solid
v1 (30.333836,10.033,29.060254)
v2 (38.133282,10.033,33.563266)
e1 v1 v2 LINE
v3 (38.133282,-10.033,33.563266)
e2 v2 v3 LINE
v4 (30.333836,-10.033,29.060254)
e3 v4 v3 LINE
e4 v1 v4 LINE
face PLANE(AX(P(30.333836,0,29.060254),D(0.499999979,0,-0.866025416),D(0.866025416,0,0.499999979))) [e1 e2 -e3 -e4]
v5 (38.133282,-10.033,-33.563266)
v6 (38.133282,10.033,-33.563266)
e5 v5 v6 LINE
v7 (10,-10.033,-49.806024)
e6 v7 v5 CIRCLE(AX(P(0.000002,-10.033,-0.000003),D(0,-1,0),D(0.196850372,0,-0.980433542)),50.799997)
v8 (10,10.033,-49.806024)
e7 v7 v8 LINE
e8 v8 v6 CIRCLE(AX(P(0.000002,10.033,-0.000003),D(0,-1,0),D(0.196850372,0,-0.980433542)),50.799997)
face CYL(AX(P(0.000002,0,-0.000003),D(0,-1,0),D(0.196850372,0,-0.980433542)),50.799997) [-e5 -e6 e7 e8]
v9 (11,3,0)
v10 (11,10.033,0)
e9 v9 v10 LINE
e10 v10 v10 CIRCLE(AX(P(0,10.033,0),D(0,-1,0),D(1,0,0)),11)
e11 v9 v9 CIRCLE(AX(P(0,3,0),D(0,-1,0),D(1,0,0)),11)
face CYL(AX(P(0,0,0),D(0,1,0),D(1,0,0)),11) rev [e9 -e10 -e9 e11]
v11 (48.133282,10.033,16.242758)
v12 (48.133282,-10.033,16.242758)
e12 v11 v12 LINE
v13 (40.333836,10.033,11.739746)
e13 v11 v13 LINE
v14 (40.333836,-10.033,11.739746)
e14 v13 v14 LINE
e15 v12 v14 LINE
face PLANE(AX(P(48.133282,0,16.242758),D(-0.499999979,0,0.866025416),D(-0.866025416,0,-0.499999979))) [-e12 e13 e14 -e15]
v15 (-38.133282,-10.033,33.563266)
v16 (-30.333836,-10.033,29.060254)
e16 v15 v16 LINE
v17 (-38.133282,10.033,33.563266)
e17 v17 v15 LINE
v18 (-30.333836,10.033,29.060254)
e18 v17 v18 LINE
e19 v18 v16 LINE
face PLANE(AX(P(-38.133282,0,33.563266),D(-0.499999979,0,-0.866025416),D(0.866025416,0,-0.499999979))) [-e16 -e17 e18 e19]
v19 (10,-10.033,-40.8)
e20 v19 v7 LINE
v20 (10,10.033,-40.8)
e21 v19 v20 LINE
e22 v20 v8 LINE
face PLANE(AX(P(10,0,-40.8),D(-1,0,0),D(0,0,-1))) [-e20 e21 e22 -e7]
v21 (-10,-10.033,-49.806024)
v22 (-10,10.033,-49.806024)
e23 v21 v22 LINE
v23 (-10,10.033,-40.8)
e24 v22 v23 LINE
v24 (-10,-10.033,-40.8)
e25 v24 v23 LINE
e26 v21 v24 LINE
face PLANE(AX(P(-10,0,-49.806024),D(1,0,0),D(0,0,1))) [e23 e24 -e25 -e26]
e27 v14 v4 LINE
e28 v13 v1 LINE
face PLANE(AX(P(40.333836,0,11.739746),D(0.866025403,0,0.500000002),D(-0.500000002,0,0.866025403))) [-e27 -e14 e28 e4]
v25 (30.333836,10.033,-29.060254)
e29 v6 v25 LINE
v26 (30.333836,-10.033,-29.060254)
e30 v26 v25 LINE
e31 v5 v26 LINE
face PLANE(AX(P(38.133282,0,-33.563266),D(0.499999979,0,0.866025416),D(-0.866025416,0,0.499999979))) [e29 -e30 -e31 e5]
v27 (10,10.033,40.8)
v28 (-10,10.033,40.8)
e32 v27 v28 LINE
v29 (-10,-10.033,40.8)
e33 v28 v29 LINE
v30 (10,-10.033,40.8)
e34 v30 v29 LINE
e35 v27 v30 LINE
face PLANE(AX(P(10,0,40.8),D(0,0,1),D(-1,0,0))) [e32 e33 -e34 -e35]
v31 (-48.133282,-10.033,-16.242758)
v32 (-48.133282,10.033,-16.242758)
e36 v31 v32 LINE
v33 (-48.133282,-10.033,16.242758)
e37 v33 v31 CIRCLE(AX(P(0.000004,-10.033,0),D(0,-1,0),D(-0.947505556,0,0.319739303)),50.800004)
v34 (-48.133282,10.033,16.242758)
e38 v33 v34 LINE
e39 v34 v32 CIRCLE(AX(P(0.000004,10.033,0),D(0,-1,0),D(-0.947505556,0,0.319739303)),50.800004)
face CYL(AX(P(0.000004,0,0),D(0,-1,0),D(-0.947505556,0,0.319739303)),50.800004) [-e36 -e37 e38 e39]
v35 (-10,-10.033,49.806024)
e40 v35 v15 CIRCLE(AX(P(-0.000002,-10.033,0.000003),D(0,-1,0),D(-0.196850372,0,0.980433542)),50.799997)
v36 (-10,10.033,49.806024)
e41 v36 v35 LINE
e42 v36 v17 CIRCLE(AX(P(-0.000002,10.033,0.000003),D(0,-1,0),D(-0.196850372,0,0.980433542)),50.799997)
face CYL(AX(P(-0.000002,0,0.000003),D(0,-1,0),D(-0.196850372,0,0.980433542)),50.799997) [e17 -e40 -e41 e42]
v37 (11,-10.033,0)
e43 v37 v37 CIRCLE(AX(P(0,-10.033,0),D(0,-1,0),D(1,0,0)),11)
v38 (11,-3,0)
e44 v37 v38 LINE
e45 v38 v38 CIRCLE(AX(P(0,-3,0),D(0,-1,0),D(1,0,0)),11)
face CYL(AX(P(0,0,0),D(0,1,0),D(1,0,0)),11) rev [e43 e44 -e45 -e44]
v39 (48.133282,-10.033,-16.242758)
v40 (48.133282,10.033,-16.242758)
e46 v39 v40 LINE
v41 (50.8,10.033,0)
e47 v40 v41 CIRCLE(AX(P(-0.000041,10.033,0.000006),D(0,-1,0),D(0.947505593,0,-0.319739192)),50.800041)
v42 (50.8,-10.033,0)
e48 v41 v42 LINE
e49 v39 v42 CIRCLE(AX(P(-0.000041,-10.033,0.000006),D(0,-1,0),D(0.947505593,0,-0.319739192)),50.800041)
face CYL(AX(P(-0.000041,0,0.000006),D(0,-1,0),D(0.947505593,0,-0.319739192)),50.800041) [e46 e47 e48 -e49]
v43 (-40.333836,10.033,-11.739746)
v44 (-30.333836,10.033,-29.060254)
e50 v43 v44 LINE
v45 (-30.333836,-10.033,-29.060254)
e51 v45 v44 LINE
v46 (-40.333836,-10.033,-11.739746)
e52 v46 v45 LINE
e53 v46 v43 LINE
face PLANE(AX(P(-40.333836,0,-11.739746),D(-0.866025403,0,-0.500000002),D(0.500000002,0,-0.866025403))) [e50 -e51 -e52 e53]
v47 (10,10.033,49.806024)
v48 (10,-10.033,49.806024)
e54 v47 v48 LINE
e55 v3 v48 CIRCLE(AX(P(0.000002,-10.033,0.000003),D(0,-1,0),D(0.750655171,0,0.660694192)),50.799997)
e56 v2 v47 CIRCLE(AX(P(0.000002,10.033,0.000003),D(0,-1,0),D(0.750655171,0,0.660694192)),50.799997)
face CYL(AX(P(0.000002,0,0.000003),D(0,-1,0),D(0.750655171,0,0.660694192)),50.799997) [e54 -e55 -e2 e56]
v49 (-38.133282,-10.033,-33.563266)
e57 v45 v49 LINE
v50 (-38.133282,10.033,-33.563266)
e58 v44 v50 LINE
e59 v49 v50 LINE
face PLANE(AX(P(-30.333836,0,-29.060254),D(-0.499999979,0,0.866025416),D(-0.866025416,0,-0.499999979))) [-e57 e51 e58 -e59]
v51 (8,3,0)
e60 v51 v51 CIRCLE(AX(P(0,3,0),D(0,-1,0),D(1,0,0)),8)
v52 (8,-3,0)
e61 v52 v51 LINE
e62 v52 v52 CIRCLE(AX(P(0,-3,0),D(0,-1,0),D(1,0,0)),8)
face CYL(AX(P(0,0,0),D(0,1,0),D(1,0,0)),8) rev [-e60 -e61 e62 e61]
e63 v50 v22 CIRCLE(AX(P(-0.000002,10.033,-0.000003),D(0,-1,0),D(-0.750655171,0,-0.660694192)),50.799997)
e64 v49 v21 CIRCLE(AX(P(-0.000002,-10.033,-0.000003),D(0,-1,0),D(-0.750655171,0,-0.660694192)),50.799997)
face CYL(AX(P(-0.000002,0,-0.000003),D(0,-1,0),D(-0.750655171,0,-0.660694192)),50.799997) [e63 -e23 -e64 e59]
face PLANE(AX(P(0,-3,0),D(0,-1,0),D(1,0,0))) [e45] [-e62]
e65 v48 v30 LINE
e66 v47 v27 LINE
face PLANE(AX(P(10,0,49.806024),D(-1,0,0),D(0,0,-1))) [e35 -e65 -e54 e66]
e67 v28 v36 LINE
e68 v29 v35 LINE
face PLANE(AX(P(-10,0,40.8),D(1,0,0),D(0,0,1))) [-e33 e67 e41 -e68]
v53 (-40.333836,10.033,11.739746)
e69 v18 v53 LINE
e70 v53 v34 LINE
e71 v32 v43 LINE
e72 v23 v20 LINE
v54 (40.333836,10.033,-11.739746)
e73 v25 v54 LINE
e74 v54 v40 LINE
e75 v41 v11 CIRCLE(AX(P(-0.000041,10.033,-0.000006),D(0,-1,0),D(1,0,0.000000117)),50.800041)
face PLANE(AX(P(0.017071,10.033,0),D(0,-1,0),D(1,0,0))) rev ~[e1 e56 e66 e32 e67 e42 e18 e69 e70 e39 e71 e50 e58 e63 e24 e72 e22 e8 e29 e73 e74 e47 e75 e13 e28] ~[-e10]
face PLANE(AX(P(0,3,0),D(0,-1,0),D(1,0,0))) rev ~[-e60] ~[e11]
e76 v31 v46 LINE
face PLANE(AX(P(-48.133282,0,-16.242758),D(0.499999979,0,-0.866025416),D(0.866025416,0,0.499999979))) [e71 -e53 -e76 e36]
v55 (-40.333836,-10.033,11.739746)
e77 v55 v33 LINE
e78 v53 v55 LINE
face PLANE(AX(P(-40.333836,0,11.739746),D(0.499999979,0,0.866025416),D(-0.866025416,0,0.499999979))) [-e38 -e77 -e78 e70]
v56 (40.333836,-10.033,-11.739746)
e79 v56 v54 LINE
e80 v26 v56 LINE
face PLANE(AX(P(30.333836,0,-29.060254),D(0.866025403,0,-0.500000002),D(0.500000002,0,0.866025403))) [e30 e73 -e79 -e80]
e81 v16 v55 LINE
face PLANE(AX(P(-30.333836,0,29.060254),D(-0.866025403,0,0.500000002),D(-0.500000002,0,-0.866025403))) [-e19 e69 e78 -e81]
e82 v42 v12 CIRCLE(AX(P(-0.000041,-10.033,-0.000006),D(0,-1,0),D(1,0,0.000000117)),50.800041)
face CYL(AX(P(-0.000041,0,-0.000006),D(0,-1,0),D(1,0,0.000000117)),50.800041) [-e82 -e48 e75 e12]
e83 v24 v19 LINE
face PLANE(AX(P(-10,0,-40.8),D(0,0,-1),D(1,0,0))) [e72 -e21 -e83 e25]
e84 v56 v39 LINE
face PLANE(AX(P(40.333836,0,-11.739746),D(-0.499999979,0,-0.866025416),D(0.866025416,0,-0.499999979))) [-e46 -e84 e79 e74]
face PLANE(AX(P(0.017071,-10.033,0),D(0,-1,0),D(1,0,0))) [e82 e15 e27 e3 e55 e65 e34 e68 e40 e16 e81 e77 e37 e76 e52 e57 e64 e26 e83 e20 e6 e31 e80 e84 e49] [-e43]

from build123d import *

# Parameters (mm, degrees)
F0_R     = 11
F2_DEPTH = 10.033
F1_R     = 11
F1_R_2   = 8
F3_DEPTH = 3


with BuildPart() as f2:
    # F0 (on Front) → F2 (new body, symmetric)
    with BuildSketch(Plane.XZ):
        with BuildLine():
            ThreePointArc((48.133282, -16.242758), (50.128887, -8.230106), (50.8, 0))
            ThreePointArc((50.8, 0), (50.128887, 8.230106), (48.133282, 16.242758))
            Line((48.133282, 16.242758), (40.333836, 11.739746))
            Line((40.333836, 11.739746), (30.333836, 29.060254))
            Line((30.333836, 29.060254), (38.133282, 33.563266))
            ThreePointArc((38.133282, 33.563266), (25.4, 43.994091), (10, 49.806024))
            Line((10, 49.806024), (10, 40.8))
            Line((10, 40.8), (-10, 40.8))
            Line((-10, 40.8), (-10, 49.806024))
            ThreePointArc((-10, 49.806024), (-25.4, 43.994091), (-38.133282, 33.563266))
            Line((-38.133282, 33.563266), (-30.333836, 29.060254))
            Line((-30.333836, 29.060254), (-40.333836, 11.739746))
            Line((-40.333836, 11.739746), (-48.133282, 16.242758))
            ThreePointArc((-48.133282, 16.242758), (-50.8, 0), (-48.133282, -16.242758))
            Line((-48.133282, -16.242758), (-40.333836, -11.739746))
            Line((-40.333836, -11.739746), (-30.333836, -29.060254))
            Line((-30.333836, -29.060254), (-38.133282, -33.563266))
            ThreePointArc((-38.133282, -33.563266), (-25.4, -43.994091), (-10, -49.806024))
            Line((-10, -49.806024), (-10, -40.8))
            Line((-10, -40.8), (10, -40.8))
            Line((10, -40.8), (10, -49.806024))
            ThreePointArc((10, -49.806024), (25.4, -43.994091), (38.133282, -33.563266))
            Line((38.133282, -33.563266), (30.333836, -29.060254))
            Line((30.333836, -29.060254), (40.333836, -11.739746))
            Line((40.333836, -11.739746), (48.133282, -16.242758))
        make_face()
        Circle(F0_R, mode=Mode.SUBTRACT)
    extrude(amount=F2_DEPTH, both=True)

    # F1 (on Front) → F3 (join, symmetric)
    with BuildSketch(Plane.XZ):
        Circle(F1_R)
        Circle(F1_R_2, mode=Mode.SUBTRACT)
    extrude(amount=F3_DEPTH, both=True)


solid = f2.part
